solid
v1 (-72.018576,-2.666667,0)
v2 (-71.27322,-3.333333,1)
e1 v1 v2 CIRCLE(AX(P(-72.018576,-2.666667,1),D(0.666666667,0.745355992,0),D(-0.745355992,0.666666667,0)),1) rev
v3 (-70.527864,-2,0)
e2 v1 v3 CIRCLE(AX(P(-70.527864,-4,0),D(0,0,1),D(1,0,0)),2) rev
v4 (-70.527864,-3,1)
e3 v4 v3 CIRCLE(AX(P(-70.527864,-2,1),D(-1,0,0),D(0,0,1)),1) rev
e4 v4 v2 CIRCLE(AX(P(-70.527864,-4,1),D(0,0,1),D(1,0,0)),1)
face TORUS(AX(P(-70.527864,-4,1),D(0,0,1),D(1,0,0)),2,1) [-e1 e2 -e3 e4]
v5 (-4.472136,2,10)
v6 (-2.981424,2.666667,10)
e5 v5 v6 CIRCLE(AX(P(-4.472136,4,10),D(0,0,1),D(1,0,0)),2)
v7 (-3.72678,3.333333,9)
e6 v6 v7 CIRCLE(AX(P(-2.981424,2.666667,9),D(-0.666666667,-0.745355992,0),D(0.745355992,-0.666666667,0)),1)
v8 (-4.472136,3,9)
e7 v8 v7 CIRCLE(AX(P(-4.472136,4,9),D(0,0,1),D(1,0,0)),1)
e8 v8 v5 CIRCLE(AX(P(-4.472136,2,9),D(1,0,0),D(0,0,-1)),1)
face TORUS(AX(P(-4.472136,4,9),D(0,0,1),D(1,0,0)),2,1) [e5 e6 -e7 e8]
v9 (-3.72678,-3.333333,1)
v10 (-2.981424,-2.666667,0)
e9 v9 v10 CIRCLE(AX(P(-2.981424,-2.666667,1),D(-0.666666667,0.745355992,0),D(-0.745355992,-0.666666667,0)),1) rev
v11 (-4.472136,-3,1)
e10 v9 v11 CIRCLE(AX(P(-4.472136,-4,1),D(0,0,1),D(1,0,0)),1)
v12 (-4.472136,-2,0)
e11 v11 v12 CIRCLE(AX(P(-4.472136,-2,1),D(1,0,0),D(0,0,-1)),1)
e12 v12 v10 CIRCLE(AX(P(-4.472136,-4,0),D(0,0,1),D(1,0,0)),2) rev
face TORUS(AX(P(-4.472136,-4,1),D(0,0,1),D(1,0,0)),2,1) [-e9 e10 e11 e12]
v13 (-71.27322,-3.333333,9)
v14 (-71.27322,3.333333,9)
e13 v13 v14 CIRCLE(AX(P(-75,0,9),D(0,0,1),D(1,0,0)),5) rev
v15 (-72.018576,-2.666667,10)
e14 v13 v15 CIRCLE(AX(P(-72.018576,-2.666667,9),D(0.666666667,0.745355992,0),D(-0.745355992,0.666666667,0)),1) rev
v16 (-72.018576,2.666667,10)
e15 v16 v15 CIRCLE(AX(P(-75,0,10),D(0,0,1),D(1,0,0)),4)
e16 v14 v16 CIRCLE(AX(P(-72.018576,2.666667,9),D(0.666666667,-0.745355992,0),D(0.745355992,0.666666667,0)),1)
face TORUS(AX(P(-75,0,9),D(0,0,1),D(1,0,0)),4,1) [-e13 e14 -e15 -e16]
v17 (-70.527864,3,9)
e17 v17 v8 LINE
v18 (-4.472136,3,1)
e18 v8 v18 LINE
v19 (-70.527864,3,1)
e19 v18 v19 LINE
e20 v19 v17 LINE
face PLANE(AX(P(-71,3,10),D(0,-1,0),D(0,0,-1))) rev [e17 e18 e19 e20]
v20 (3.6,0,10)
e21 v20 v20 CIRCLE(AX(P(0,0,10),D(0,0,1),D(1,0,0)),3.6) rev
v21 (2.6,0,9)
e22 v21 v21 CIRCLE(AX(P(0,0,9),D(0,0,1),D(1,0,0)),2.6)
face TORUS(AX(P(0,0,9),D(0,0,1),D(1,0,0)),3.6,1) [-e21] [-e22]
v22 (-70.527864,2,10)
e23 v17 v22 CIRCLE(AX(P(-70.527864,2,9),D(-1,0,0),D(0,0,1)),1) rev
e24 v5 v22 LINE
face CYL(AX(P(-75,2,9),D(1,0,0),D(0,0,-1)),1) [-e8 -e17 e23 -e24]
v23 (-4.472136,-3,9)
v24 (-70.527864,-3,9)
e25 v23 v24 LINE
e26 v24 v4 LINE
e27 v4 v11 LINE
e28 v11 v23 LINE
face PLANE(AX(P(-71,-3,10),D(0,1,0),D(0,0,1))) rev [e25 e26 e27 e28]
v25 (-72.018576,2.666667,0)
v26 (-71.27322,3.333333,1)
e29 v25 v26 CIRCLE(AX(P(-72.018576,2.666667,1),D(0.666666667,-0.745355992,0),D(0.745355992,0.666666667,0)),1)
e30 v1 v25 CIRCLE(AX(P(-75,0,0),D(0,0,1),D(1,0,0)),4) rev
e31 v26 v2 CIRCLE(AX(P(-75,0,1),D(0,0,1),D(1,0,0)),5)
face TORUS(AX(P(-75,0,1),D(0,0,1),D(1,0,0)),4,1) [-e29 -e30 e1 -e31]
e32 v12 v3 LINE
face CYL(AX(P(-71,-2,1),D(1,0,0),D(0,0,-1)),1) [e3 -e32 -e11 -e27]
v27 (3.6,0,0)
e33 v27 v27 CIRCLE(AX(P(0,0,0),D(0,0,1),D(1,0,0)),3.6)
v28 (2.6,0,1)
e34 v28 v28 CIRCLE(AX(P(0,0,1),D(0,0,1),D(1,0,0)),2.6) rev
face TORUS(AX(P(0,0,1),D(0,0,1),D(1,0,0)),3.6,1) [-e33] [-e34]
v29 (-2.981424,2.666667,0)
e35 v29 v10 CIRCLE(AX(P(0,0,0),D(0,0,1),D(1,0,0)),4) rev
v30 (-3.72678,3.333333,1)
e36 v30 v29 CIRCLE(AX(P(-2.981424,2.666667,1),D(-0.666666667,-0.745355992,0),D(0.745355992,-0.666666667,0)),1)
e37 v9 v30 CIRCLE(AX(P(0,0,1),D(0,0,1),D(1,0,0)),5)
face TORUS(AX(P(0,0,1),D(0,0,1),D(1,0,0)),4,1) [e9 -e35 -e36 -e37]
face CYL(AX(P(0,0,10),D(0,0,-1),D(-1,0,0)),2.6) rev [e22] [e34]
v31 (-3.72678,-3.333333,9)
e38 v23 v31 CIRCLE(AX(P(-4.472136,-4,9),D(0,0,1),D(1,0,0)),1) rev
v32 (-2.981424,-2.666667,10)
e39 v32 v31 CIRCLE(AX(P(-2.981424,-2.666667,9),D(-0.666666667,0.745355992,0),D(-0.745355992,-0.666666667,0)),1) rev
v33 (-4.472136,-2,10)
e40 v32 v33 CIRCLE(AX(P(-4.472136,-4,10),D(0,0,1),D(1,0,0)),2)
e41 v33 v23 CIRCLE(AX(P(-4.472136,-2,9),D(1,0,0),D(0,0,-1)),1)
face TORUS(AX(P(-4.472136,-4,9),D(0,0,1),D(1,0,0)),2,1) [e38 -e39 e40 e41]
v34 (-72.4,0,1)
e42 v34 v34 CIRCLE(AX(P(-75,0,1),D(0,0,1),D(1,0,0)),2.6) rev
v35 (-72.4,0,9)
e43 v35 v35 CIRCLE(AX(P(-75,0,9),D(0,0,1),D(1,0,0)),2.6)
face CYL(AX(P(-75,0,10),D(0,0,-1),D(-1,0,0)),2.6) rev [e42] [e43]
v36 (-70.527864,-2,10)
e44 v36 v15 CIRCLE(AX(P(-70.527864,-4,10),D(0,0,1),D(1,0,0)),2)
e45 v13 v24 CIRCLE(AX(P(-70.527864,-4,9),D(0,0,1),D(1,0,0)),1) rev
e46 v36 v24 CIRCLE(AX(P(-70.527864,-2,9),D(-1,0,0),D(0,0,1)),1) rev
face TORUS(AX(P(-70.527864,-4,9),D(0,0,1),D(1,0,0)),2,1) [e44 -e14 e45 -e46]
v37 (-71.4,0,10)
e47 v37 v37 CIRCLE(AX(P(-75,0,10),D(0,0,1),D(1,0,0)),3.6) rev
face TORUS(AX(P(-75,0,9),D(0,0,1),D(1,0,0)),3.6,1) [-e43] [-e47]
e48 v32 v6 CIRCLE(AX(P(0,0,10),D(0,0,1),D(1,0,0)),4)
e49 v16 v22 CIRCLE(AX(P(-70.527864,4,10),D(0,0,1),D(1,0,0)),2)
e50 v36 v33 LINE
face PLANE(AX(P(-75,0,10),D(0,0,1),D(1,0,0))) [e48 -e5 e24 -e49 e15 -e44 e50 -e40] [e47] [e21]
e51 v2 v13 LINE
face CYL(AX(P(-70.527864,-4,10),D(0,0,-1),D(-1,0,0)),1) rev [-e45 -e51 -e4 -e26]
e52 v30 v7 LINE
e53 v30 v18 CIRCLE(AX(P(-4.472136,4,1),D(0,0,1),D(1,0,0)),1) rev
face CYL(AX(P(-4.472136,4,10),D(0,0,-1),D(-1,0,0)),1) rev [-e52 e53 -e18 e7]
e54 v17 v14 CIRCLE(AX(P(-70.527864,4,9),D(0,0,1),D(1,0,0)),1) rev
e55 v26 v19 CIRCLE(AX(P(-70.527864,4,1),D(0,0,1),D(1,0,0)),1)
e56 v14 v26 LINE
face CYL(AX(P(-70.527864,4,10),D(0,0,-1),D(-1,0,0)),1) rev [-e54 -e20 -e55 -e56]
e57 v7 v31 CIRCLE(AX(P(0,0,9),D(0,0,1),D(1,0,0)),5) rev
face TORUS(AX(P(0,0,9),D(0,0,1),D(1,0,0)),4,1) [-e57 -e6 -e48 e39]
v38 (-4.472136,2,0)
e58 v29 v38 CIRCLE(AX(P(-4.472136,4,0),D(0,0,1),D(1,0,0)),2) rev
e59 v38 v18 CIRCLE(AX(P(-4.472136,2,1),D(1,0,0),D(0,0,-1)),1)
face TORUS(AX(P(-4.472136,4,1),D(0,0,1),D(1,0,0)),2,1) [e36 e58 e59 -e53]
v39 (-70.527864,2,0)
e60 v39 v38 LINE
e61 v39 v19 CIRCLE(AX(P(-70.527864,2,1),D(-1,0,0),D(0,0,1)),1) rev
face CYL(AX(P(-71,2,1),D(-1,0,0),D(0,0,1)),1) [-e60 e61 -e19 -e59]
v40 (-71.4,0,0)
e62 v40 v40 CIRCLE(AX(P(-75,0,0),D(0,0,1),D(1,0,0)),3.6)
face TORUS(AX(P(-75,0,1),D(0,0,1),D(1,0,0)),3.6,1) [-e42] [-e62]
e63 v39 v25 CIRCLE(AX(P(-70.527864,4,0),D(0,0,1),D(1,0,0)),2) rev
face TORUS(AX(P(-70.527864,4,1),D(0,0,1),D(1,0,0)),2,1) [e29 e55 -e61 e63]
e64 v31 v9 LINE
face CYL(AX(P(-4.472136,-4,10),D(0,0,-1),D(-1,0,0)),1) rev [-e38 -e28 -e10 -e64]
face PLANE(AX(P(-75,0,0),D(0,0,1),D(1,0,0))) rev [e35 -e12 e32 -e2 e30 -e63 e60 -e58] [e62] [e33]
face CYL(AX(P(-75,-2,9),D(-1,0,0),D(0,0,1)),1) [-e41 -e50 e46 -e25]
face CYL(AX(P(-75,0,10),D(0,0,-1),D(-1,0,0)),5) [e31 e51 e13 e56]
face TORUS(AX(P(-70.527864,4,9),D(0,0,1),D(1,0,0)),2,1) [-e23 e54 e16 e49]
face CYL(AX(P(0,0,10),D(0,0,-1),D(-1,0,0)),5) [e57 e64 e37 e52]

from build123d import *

# Parameters (mm, degrees)
SKETCH1_R           = 2.6
BOSS_EXTRUDE1_DEPTH = 10
FILLET1_R           = 1


with BuildPart() as part:
    # Sketch1 → Boss-Extrude1 (new body)
    with BuildSketch(Plane.XY):
        with BuildLine():
            Line((-71, 3), (-4, 3))
            ThreePointArc((-4, 3), (5, 0), (-4, -3))
            Line((-4, -3), (-71, -3))
            ThreePointArc((-71, -3), (-80, 0), (-71, 3))
        make_face()
        with Locations((-75, 0)):
            Circle(SKETCH1_R, mode=Mode.SUBTRACT)
        Circle(SKETCH1_R, mode=Mode.SUBTRACT)
    extrude(amount=BOSS_EXTRUDE1_DEPTH)

    # Fillet1
    fillet1_edges = [part.edges().sort_by_distance(p)[0] for p in [
        (-77.6, 0, 0),
        (-77.6, 0, 10),
        (5, 0, 10),
        (-2.6, 0, 0),
        (-2.6, 0, 10),
        (-37.5, 3, 10),
        (-80, 0, 10),
        (-37.5, 3, 0),
        (5, 0, 0),
        (-37.5, -3, 0),
        (-80, 0, 0),
        (-71, 3, 5),
        (-4, 3, 5),
        (-4, -3, 5),
        (-71, -3, 5),
        (-37.5, -3, 10),
    ]]
    fillet(fillet1_edges, radius=FILLET1_R)


solid = part.part
